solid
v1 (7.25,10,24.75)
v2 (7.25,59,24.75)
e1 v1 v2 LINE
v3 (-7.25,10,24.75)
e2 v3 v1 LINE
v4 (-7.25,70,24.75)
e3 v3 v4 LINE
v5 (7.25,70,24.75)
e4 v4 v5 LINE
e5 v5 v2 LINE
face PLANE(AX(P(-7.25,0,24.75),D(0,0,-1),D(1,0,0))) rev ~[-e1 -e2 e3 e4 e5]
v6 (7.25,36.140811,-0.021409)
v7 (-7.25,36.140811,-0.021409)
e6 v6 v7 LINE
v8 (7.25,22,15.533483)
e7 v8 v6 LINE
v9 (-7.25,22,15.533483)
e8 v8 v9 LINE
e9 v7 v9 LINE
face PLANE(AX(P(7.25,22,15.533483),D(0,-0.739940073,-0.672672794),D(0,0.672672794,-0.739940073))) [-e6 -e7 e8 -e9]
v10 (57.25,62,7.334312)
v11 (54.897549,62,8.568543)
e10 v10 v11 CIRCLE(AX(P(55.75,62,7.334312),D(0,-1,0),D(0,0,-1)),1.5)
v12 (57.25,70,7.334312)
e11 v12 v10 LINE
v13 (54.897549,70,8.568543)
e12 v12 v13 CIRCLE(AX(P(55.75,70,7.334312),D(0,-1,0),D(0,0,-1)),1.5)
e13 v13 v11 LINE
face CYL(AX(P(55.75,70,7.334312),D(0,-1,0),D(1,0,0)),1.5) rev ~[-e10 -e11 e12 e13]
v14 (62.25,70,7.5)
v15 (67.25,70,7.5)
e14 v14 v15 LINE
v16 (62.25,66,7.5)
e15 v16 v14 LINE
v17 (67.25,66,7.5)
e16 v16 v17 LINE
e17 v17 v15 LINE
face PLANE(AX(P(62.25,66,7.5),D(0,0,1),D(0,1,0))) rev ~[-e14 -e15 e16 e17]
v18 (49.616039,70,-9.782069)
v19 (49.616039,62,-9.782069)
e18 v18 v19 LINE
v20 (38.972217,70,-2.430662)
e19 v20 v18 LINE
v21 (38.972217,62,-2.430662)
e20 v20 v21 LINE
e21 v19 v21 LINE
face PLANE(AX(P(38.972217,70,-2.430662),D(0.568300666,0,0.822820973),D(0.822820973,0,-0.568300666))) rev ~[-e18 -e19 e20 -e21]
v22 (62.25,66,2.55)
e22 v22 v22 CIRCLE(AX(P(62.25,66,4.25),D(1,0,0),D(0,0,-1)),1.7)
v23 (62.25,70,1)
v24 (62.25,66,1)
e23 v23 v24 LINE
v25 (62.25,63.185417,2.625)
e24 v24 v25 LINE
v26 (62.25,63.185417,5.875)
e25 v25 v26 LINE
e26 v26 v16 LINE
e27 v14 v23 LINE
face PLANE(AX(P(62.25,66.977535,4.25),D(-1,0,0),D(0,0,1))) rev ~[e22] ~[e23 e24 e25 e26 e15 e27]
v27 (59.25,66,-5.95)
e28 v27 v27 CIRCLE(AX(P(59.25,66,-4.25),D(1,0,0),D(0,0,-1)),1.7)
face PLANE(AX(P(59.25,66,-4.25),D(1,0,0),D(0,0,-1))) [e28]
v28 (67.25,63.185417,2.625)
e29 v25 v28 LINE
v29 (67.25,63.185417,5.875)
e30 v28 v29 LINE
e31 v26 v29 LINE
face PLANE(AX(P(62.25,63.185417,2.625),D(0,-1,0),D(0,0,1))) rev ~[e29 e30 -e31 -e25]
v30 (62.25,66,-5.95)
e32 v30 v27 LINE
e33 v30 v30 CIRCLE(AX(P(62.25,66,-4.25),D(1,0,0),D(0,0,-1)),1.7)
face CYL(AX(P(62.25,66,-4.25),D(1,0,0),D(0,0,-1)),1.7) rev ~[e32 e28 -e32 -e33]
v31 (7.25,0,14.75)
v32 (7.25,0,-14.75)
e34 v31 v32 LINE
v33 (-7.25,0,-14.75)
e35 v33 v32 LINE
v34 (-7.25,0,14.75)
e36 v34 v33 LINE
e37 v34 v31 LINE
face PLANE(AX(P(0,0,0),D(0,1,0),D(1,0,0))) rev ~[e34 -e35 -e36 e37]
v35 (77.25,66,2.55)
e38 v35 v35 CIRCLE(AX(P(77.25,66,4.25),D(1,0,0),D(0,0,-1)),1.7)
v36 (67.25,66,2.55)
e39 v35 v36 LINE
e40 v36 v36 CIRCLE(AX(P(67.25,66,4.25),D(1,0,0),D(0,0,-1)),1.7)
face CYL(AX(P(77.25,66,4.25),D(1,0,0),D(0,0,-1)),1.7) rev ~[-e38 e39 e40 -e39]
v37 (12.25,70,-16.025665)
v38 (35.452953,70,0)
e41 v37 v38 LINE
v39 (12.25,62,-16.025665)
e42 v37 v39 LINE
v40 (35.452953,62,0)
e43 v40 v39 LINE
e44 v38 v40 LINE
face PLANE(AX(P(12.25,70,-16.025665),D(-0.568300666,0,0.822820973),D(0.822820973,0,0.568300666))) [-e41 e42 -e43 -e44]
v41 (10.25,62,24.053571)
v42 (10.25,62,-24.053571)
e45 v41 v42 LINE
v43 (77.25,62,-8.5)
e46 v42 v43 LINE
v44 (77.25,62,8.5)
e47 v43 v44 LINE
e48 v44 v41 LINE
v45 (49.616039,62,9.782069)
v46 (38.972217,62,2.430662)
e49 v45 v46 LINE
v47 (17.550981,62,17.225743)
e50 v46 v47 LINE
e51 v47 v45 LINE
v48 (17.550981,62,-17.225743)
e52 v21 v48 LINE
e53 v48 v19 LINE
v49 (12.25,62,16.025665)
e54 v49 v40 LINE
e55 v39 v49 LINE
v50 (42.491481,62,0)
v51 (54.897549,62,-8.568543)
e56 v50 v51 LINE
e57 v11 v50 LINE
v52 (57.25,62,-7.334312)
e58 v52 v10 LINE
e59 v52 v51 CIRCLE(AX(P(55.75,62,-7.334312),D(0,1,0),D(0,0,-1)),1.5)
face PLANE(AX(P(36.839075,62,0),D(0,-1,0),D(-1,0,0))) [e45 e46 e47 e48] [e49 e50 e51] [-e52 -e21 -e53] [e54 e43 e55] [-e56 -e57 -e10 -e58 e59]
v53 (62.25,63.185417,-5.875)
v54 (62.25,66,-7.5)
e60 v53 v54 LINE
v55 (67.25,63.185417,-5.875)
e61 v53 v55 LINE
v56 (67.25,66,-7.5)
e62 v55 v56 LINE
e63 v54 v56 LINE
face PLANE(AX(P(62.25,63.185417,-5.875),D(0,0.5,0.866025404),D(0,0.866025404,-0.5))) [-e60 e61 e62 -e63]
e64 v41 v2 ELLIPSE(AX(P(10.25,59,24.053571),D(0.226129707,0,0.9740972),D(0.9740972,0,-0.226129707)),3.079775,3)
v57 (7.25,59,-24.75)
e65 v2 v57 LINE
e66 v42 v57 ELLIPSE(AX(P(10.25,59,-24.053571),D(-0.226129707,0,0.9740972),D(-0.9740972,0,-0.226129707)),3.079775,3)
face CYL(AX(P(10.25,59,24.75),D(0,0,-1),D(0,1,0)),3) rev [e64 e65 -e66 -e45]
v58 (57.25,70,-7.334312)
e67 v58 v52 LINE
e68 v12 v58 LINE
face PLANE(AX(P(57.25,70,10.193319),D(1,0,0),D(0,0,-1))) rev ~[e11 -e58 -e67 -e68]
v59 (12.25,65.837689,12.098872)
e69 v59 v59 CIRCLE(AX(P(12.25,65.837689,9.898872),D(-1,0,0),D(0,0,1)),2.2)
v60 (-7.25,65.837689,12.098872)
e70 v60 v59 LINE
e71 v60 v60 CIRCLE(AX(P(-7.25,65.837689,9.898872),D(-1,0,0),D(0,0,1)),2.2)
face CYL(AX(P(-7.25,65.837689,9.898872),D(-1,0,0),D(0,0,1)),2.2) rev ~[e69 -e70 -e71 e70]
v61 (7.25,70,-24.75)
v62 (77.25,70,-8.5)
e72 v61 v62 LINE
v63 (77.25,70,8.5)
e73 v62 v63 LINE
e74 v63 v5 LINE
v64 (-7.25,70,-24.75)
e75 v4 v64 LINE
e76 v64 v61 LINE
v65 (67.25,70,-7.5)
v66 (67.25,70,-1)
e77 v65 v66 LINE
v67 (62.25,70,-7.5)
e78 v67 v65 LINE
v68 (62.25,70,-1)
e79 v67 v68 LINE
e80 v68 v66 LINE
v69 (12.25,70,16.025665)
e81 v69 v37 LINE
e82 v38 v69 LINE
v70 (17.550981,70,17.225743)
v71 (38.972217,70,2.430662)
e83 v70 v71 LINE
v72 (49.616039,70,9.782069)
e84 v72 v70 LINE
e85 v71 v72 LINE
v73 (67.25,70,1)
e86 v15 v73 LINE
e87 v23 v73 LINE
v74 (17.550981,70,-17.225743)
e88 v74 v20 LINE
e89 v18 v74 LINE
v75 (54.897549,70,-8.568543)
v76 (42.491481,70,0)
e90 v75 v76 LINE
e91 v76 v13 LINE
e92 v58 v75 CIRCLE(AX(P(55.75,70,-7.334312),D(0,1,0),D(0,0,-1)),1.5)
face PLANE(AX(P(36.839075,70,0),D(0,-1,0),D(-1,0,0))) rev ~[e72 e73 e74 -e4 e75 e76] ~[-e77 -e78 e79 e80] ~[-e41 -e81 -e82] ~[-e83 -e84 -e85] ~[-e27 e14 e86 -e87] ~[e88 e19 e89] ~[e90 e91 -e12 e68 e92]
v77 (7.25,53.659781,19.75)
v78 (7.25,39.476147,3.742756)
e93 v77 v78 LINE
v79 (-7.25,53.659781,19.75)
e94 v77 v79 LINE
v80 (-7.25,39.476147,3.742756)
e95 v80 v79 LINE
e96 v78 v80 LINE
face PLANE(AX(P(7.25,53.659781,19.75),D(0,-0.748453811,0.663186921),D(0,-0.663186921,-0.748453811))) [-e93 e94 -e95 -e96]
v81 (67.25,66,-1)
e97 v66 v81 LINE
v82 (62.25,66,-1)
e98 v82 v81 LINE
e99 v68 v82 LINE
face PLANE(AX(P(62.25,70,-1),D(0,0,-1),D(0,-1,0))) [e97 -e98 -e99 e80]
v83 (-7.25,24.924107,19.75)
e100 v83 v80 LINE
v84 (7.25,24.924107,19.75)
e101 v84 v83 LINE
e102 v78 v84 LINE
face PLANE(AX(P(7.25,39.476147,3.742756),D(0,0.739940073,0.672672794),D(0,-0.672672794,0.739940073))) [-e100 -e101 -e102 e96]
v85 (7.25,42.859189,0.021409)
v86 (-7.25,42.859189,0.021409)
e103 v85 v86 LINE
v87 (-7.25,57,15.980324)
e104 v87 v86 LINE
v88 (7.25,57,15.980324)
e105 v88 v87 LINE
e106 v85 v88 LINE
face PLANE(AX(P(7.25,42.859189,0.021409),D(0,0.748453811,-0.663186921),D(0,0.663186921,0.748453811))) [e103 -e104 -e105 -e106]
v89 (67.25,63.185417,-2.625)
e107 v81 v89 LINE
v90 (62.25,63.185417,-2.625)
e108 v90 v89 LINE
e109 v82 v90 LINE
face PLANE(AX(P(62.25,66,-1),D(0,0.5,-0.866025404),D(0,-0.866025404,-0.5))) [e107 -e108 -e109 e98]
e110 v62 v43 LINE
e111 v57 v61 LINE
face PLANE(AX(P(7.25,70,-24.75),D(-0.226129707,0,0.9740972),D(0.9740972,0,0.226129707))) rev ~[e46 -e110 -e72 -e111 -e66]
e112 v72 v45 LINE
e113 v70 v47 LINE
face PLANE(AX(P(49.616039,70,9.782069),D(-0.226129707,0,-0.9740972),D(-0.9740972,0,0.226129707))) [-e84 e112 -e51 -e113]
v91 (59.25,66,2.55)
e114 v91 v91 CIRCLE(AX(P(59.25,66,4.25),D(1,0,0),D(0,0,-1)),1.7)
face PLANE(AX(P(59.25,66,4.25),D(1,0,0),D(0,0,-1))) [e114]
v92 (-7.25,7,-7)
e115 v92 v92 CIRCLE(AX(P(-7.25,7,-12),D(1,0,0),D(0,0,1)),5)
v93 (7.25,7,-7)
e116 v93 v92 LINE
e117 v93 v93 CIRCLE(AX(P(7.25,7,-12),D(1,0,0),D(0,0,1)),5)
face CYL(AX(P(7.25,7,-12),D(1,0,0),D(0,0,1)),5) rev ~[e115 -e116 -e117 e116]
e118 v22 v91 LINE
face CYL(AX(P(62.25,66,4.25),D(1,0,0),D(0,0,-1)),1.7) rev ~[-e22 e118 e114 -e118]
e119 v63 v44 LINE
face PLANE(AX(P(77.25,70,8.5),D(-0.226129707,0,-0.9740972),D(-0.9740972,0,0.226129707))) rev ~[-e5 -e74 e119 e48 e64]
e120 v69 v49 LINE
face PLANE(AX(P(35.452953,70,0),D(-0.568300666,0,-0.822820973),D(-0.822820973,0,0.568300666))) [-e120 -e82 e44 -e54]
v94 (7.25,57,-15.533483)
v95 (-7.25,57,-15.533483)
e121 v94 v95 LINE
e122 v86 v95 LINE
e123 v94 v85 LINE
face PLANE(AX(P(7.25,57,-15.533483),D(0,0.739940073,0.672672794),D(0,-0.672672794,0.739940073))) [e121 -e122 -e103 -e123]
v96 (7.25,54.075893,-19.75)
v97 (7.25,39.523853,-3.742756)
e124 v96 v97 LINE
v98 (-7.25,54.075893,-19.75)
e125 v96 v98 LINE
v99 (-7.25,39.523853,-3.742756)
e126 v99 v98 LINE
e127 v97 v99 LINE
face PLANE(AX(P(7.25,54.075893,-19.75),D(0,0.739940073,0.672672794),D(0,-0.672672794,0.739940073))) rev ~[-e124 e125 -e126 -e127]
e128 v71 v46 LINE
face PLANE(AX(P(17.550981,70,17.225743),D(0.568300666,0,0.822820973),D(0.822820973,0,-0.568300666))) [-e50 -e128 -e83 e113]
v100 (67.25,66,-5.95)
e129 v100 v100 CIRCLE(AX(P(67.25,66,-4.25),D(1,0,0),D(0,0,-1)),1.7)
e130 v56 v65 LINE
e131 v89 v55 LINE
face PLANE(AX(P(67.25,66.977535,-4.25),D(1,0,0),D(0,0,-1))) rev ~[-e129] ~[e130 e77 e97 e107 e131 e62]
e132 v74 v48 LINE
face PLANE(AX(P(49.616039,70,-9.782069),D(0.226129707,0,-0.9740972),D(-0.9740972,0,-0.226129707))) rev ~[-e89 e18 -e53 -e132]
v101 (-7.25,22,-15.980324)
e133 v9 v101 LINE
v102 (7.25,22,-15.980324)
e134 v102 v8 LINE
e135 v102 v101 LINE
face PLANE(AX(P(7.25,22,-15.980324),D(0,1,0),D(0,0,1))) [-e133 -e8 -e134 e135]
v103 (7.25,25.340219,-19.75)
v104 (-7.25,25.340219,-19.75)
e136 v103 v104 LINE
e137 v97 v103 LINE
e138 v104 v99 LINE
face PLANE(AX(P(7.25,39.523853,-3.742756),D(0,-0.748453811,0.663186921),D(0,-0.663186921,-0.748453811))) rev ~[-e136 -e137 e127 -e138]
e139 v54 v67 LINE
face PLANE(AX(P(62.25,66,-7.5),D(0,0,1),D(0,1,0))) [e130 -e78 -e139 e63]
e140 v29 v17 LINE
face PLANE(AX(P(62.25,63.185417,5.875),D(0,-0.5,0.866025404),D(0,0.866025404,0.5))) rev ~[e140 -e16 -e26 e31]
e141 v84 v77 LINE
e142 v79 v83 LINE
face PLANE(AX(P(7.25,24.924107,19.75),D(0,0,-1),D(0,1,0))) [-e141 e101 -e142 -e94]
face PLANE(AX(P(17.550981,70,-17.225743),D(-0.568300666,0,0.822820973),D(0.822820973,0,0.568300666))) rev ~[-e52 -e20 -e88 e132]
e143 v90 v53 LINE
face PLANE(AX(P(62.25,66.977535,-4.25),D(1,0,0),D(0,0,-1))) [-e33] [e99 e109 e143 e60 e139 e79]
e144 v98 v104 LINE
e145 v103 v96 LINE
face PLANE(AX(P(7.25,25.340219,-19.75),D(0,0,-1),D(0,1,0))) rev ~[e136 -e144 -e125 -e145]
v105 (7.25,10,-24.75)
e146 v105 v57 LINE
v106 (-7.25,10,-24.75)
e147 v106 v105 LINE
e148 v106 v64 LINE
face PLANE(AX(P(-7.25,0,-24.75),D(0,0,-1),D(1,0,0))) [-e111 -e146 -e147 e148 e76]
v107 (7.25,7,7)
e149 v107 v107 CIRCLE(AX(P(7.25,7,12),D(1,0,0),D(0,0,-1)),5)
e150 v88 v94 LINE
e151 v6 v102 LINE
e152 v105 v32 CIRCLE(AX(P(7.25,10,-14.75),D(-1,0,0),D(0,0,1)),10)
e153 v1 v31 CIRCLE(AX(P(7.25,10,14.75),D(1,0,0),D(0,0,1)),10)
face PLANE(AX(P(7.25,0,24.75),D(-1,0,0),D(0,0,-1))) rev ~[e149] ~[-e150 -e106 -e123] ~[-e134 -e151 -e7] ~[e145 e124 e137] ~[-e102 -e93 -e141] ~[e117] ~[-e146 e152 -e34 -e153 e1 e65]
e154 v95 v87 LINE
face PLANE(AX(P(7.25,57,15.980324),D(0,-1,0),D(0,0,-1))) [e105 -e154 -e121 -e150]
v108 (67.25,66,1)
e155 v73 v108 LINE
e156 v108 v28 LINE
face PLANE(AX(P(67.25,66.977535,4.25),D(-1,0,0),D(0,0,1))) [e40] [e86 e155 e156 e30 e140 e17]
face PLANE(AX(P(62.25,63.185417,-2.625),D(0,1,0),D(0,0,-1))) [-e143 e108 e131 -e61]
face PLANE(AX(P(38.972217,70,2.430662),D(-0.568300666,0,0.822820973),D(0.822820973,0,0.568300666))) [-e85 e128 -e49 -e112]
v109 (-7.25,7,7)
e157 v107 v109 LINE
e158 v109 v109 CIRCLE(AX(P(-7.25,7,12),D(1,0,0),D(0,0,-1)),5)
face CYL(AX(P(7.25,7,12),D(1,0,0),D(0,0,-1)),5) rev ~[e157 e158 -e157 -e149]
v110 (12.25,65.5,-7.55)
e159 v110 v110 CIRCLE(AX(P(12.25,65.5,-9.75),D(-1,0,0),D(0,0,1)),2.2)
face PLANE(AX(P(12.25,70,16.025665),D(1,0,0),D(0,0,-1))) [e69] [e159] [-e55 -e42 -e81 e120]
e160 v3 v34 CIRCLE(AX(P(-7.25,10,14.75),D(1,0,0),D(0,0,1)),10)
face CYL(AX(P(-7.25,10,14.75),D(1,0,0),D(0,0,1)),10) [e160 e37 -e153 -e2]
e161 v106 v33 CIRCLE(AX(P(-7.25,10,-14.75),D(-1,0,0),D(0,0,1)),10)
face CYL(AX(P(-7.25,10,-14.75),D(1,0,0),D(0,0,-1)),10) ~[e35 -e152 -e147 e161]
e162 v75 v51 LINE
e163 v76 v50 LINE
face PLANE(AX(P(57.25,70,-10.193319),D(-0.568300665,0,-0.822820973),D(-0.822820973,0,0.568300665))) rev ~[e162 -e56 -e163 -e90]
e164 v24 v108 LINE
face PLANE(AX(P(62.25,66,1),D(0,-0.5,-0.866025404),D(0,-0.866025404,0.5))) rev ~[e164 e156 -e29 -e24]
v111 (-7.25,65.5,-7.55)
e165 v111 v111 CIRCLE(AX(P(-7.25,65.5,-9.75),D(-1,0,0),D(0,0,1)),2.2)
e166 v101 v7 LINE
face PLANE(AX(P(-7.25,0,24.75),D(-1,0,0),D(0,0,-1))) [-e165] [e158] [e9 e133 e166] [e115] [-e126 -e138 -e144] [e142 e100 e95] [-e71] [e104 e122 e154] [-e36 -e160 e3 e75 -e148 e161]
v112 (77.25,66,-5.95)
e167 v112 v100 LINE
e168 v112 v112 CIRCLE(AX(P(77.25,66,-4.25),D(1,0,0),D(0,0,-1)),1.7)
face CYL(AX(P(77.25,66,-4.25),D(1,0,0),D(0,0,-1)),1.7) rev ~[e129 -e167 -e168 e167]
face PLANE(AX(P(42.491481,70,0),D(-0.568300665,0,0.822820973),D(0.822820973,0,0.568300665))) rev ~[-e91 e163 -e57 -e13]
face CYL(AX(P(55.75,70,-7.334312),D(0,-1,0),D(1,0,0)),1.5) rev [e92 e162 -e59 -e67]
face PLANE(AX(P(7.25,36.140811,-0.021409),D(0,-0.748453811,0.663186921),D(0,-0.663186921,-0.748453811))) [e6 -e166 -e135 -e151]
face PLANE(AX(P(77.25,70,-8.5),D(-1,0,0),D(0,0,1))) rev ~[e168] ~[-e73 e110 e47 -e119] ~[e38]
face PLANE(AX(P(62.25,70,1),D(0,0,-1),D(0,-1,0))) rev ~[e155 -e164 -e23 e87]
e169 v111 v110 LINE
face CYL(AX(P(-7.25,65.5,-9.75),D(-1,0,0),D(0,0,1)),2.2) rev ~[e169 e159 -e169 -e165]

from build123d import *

# Parameters (mm, degrees)
SKETCH1_W           = 14.5
SKETCH1_H           = 49.5
BOSS_EXTRUDE1_DEPTH = 70
FILLET1_R           = 10
SKETCH2_R           = 5
CUT_EXTRUDE1_DEPTH  = 76.649272964
BOSS_EXTRUDE2_DEPTH = 8
SKETCH5_R           = 1.7
CUT_EXTRUDE2_DEPTH  = 15
CUT_EXTRUDE3_DEPTH  = 5
CUT_EXTRUDE4_DEPTH  = 103.041964407
CUT_EXTRUDE5_DEPTH  = 10
FILLET2_R           = 1.5
FILLET3_R           = 3
SKETCH10_R          = 2.2
CUT_EXTRUDE6_DEPTH  = 19.5
SKETCH11_R          = 1.7
CUT_EXTRUDE7_DEPTH  = 3


with BuildPart() as part:
    # Sketch1 → Boss-Extrude1 (new body)
    with BuildSketch(Plane(origin=(0, 0, 0), x_dir=(1, 0, 0), z_dir=(0, 1, 0))):
        Rectangle(SKETCH1_W, SKETCH1_H)
    extrude(amount=BOSS_EXTRUDE1_DEPTH)

    # Fillet1
    fillet1_edges = [part.edges().sort_by_distance(p)[0] for p in [
        (0, 0, 24.75),
        (0, 0, -24.75),
    ]]
    fillet(fillet1_edges, radius=FILLET1_R)

    # Sketch2 → Cut-Extrude1 (cut, through all)
    with BuildSketch(Plane(origin=(7.25, 0, 0), x_dir=(0, 0, -1), z_dir=(1, 0, 0))):
        with Locations((-12, 7)):
            Circle(SKETCH2_R)
        with Locations(Location((12, 7, 0), (0, 0, 180))):
            Circle(SKETCH2_R)
    extrude(amount=-CUT_EXTRUDE1_DEPTH, mode=Mode.SUBTRACT)

    # Sketch3 → Boss-Extrude2 (add)
    with BuildSketch(Plane(origin=(0, 70, 0), x_dir=(1, 0, 0), z_dir=(0, 1, 0))):
        Polygon((77.25, 8.5), (77.25, -8.5), (7.25, -24.75), (7.25, 24.75), align=None)
    extrude(amount=-BOSS_EXTRUDE2_DEPTH)

    # Sketch5 → Cut-Extrude2 (cut)
    with BuildSketch(Plane(origin=(77.25, 0, 0), x_dir=(0, 0, -1), z_dir=(1, 0, 0))):
        with Locations((-4.25, 66)):
            Circle(SKETCH5_R)
        with Locations((4.25, 66)):
            Circle(SKETCH5_R)
    extrude(amount=-CUT_EXTRUDE2_DEPTH, mode=Mode.SUBTRACT)

    # Sketch7 → Cut-Extrude3 (cut)
    with BuildSketch(Plane(origin=(62.25, 0, 0), x_dir=(0, 0, -1), z_dir=(1, 0, 0))):
        Polygon((-7.5, 66), (-7.5, 70), (-1, 70), (-1, 66), (-2.625, 63.185417438), (-5.875, 63.185417438), align=None)
        Polygon((1, 66), (2.625, 63.185417438), (5.875, 63.185417438), (7.5, 66), (7.5, 70), (1, 70), align=None)
    extrude(amount=CUT_EXTRUDE3_DEPTH, mode=Mode.SUBTRACT)

    # Sketch8 → Cut-Extrude4 (cut, through all)
    with BuildSketch(Plane(origin=(7.25, 0, 0), x_dir=(0, 0, -1), z_dir=(1, 0, 0))):
        Polygon((0.021408878, 36.140810628), (15.98032373, 22), (-15.533482813, 22), align=None)
        Polygon((-19.75, 24.924106533), (-19.75, 53.65978052), (-3.742755965, 39.476146565), align=None)
        Polygon((-15.98032373, 57), (15.533482813, 57), (-0.021408878, 42.859189372), align=None)
        Polygon((19.75, 25.34021948), (19.75, 54.075893467), (3.742755965, 39.523853435), align=None)
    extrude(amount=-CUT_EXTRUDE4_DEPTH, mode=Mode.SUBTRACT)

    # Sketch9 → Cut-Extrude5 (cut)
    with BuildSketch(Plane(origin=(0, 70, 0), x_dir=(1, 0, 0), z_dir=(0, 1, 0))):
        Polygon((35.452952842, 0), (12.25, -16.025665333), (12.25, 16.025665333), align=None)
        Polygon((49.616038971, 9.782068685), (17.550981037, 17.225742848), (38.972216713, 2.430662399), align=None)
        Polygon((57.25, 10.193318694), (42.491480584, 0), (57.25, -10.193318694), align=None)
        Polygon((38.972216713, -2.430662399), (49.616038971, -9.782068685), (17.550981037, -17.225742848), align=None)
    extrude(amount=-CUT_EXTRUDE5_DEPTH, mode=Mode.SUBTRACT)

    # Fillet2
    fillet2_edges = [part.edges().sort_by_distance(p)[0] for p in [
        (57.25, 66, -10.193318694),
        (57.25, 66, 10.193318694),
    ]]
    fillet(fillet2_edges, radius=FILLET2_R)

    # Fillet3
    fillet3_edges = [part.edges().sort_by_distance(p)[0] for p in [
        (7.25, 62, 0),
    ]]
    fillet(fillet3_edges, radius=FILLET3_R)

    # Sketch10 → Cut-Extrude6 (cut)
    with BuildSketch(Plane.ZY.offset(7.25)):
        with Locations((-9.75, 65.5)):
            Circle(SKETCH10_R)
        with Locations((9.898872111, 65.837689232)):
            Circle(SKETCH10_R)
    extrude(amount=-CUT_EXTRUDE6_DEPTH, mode=Mode.SUBTRACT)

    # Sketch11 → Cut-Extrude7 (cut)
    with BuildSketch(Plane(origin=(62.25, 0, 0), x_dir=(0, 0, -1), z_dir=(1, 0, 0))):
        with Locations((4.25, 66)):
            Circle(SKETCH11_R)
        with Locations((-4.25, 66)):
            Circle(SKETCH11_R)
    extrude(amount=-CUT_EXTRUDE7_DEPTH, mode=Mode.SUBTRACT)


solid = part.part
